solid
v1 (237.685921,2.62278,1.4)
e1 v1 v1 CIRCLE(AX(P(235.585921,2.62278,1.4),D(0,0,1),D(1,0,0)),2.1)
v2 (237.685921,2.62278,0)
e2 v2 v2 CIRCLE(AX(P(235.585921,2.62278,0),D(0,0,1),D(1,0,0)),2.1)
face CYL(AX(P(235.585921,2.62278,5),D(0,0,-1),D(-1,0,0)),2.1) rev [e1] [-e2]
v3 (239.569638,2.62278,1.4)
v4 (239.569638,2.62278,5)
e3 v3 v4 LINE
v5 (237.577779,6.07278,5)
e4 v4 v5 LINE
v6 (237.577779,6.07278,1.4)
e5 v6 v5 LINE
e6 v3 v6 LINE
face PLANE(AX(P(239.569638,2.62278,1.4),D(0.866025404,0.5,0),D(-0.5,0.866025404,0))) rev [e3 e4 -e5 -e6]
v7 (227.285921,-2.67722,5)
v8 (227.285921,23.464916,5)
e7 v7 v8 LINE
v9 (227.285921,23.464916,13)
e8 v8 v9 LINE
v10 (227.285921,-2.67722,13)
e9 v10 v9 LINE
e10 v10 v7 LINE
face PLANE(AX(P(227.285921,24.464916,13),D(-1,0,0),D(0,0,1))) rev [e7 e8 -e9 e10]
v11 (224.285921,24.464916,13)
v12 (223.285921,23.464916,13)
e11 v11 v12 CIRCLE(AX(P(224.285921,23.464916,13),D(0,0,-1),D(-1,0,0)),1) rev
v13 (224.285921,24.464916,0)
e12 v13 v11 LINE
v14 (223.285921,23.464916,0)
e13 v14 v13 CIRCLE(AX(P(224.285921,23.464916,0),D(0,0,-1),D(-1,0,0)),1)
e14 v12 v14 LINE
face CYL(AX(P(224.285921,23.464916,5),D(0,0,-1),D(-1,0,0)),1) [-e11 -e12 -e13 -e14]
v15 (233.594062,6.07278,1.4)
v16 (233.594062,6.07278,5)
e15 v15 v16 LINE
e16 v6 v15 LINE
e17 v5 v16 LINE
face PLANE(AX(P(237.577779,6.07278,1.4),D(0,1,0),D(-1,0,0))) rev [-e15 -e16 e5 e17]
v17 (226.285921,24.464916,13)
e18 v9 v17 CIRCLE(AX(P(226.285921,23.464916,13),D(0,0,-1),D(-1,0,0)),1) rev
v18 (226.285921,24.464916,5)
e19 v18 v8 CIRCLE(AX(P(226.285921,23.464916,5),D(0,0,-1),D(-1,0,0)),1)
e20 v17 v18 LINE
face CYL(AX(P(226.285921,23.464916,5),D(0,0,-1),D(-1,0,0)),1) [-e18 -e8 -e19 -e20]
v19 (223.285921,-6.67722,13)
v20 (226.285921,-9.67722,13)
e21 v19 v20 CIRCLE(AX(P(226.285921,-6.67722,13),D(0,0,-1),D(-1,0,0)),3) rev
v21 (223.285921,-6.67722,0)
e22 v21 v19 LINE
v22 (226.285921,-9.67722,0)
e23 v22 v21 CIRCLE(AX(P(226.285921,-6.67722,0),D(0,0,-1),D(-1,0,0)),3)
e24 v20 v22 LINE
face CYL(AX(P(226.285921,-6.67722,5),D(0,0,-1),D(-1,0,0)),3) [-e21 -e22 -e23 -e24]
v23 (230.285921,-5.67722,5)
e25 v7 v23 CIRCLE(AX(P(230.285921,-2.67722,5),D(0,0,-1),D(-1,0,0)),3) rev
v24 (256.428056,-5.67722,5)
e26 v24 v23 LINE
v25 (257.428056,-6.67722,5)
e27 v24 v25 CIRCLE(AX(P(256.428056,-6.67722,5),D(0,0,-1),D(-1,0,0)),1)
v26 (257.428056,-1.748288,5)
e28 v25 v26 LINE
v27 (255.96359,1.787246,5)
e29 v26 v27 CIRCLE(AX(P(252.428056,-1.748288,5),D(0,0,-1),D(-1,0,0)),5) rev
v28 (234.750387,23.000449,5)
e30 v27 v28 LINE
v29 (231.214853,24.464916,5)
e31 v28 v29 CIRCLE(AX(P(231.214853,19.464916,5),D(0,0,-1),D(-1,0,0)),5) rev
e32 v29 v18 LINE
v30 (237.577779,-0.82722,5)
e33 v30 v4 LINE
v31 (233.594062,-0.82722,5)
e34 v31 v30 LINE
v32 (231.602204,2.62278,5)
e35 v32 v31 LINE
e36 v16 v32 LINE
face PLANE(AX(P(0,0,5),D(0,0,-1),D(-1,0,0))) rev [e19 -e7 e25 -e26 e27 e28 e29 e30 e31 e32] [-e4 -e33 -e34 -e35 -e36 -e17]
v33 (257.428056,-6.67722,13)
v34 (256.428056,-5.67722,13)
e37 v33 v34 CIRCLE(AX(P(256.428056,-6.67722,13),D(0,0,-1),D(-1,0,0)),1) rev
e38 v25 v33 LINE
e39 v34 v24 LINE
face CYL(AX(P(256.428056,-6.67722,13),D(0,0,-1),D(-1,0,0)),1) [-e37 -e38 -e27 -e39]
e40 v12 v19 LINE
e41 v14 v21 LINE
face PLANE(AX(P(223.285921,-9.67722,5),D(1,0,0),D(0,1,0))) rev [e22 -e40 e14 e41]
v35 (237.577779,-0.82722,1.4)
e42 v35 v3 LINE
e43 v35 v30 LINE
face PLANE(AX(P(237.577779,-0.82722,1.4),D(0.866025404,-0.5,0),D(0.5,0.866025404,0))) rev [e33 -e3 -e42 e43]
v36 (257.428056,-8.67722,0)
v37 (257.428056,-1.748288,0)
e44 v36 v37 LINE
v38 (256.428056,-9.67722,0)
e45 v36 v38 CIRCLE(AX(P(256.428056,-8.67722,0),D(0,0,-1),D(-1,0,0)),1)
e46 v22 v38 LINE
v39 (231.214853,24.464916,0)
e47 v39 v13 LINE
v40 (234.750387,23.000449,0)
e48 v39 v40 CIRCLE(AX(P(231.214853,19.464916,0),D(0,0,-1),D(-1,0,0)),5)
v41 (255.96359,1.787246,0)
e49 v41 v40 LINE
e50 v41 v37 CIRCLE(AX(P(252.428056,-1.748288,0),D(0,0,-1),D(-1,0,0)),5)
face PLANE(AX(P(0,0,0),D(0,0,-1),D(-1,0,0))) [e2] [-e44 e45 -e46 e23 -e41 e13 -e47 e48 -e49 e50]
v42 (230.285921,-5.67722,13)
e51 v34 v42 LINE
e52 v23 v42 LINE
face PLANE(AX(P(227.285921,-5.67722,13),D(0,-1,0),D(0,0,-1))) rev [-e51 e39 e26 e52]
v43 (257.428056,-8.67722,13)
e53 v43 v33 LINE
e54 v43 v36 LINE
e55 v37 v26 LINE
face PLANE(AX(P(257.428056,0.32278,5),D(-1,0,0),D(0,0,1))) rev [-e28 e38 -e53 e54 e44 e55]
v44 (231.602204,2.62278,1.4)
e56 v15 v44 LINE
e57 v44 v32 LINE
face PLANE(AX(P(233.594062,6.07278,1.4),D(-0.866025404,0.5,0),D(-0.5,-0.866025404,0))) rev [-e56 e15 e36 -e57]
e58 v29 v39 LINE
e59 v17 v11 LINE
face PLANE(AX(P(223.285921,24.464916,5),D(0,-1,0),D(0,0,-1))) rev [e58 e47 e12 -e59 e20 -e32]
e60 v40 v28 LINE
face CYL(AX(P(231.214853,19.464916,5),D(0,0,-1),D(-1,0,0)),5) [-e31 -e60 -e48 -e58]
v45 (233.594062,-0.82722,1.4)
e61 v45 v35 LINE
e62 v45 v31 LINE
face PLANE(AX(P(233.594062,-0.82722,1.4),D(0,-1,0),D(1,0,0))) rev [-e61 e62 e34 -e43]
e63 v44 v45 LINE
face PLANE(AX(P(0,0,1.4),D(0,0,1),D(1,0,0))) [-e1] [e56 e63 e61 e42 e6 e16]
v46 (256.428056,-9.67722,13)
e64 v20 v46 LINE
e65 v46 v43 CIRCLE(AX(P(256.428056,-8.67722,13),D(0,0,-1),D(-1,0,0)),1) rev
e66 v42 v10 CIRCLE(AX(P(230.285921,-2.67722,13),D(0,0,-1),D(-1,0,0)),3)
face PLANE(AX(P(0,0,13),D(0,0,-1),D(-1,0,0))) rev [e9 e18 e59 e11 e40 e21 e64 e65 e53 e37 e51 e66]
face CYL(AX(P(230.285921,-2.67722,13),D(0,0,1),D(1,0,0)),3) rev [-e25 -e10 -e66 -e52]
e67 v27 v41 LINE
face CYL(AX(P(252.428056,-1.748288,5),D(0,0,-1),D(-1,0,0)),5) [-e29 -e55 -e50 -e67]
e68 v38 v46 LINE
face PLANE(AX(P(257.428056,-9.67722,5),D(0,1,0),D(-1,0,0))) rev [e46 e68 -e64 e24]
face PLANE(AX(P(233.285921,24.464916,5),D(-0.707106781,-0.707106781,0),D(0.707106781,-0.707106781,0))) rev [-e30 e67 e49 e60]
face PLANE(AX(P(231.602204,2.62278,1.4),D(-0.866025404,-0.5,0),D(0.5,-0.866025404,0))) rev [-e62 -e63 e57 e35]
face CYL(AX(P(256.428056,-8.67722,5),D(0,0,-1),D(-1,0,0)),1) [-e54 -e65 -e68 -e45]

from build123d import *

# Parameters (mm, degrees)
SKETCH1_R           = 2.1
BOSS_EXTRUDE1_DEPTH = 5
BOSS_EXTRUDE2_DEPTH = 8
FILLET1_R           = 3
CUT_EXTRUDE1_DEPTH  = 3.6
FILLET2_R           = 5
FILLET3_R           = 1


with BuildPart() as part:
    # Sketch1 → Boss-Extrude1 (new body)
    with BuildSketch(Plane.XY):
        Polygon((257.428056395, -9.677220034), (223.285920771, -9.677220034), (223.285920771, 24.46491559), (233.285920771, 24.46491559), (257.428056395, 0.322779966), align=None)
        with Locations((235.585920771, 2.622779966)):
            Circle(SKETCH1_R, mode=Mode.SUBTRACT)
    extrude(amount=BOSS_EXTRUDE1_DEPTH)

    # Sketch2 → Boss-Extrude2 (add)
    with BuildSketch(Plane.XY.offset(5)):
        Polygon((257.428056395, -9.677220034), (223.285920771, -9.677220034), (223.285920771, 24.46491559), (227.285920771, 24.46491559), (227.285920771, -5.677220034), (257.428056395, -5.677220034), align=None)
    extrude(amount=BOSS_EXTRUDE2_DEPTH)

    # Fillet1
    fillet1_edges = [part.edges().sort_by_distance(p)[0] for p in [
        (227.285920771, -5.677220034, 9),
        (223.285920771, -9.677220034, 6.5),
    ]]
    fillet(fillet1_edges, radius=FILLET1_R)

    # Sketch3 → Cut-Extrude1 (cut)
    with BuildSketch(Plane.XY.offset(5)):
        Polygon((239.569637629, 2.622779966), (237.5777792, 6.072779966), (233.594062342, 6.072779966), (231.602203914, 2.622779966), (233.594062342, -0.827220034), (237.5777792, -0.827220034), align=None)
    extrude(amount=-CUT_EXTRUDE1_DEPTH, mode=Mode.SUBTRACT)

    # Fillet2
    fillet2_edges = [part.edges().sort_by_distance(p)[0] for p in [
        (233.285920771, 24.46491559, 2.5),
        (257.428056395, 0.322779966, 2.5),
    ]]
    fillet(fillet2_edges, radius=FILLET2_R)

    # Fillet3
    fillet3_edges = [part.edges().sort_by_distance(p)[0] for p in [
        (257.428056395, -5.677220034, 9),
        (227.285920771, 24.46491559, 9),
        (257.428056395, -9.677220034, 6.5),
        (223.285920771, 24.46491559, 6.5),
    ]]
    fillet(fillet3_edges, radius=FILLET3_R)


solid = part.part
